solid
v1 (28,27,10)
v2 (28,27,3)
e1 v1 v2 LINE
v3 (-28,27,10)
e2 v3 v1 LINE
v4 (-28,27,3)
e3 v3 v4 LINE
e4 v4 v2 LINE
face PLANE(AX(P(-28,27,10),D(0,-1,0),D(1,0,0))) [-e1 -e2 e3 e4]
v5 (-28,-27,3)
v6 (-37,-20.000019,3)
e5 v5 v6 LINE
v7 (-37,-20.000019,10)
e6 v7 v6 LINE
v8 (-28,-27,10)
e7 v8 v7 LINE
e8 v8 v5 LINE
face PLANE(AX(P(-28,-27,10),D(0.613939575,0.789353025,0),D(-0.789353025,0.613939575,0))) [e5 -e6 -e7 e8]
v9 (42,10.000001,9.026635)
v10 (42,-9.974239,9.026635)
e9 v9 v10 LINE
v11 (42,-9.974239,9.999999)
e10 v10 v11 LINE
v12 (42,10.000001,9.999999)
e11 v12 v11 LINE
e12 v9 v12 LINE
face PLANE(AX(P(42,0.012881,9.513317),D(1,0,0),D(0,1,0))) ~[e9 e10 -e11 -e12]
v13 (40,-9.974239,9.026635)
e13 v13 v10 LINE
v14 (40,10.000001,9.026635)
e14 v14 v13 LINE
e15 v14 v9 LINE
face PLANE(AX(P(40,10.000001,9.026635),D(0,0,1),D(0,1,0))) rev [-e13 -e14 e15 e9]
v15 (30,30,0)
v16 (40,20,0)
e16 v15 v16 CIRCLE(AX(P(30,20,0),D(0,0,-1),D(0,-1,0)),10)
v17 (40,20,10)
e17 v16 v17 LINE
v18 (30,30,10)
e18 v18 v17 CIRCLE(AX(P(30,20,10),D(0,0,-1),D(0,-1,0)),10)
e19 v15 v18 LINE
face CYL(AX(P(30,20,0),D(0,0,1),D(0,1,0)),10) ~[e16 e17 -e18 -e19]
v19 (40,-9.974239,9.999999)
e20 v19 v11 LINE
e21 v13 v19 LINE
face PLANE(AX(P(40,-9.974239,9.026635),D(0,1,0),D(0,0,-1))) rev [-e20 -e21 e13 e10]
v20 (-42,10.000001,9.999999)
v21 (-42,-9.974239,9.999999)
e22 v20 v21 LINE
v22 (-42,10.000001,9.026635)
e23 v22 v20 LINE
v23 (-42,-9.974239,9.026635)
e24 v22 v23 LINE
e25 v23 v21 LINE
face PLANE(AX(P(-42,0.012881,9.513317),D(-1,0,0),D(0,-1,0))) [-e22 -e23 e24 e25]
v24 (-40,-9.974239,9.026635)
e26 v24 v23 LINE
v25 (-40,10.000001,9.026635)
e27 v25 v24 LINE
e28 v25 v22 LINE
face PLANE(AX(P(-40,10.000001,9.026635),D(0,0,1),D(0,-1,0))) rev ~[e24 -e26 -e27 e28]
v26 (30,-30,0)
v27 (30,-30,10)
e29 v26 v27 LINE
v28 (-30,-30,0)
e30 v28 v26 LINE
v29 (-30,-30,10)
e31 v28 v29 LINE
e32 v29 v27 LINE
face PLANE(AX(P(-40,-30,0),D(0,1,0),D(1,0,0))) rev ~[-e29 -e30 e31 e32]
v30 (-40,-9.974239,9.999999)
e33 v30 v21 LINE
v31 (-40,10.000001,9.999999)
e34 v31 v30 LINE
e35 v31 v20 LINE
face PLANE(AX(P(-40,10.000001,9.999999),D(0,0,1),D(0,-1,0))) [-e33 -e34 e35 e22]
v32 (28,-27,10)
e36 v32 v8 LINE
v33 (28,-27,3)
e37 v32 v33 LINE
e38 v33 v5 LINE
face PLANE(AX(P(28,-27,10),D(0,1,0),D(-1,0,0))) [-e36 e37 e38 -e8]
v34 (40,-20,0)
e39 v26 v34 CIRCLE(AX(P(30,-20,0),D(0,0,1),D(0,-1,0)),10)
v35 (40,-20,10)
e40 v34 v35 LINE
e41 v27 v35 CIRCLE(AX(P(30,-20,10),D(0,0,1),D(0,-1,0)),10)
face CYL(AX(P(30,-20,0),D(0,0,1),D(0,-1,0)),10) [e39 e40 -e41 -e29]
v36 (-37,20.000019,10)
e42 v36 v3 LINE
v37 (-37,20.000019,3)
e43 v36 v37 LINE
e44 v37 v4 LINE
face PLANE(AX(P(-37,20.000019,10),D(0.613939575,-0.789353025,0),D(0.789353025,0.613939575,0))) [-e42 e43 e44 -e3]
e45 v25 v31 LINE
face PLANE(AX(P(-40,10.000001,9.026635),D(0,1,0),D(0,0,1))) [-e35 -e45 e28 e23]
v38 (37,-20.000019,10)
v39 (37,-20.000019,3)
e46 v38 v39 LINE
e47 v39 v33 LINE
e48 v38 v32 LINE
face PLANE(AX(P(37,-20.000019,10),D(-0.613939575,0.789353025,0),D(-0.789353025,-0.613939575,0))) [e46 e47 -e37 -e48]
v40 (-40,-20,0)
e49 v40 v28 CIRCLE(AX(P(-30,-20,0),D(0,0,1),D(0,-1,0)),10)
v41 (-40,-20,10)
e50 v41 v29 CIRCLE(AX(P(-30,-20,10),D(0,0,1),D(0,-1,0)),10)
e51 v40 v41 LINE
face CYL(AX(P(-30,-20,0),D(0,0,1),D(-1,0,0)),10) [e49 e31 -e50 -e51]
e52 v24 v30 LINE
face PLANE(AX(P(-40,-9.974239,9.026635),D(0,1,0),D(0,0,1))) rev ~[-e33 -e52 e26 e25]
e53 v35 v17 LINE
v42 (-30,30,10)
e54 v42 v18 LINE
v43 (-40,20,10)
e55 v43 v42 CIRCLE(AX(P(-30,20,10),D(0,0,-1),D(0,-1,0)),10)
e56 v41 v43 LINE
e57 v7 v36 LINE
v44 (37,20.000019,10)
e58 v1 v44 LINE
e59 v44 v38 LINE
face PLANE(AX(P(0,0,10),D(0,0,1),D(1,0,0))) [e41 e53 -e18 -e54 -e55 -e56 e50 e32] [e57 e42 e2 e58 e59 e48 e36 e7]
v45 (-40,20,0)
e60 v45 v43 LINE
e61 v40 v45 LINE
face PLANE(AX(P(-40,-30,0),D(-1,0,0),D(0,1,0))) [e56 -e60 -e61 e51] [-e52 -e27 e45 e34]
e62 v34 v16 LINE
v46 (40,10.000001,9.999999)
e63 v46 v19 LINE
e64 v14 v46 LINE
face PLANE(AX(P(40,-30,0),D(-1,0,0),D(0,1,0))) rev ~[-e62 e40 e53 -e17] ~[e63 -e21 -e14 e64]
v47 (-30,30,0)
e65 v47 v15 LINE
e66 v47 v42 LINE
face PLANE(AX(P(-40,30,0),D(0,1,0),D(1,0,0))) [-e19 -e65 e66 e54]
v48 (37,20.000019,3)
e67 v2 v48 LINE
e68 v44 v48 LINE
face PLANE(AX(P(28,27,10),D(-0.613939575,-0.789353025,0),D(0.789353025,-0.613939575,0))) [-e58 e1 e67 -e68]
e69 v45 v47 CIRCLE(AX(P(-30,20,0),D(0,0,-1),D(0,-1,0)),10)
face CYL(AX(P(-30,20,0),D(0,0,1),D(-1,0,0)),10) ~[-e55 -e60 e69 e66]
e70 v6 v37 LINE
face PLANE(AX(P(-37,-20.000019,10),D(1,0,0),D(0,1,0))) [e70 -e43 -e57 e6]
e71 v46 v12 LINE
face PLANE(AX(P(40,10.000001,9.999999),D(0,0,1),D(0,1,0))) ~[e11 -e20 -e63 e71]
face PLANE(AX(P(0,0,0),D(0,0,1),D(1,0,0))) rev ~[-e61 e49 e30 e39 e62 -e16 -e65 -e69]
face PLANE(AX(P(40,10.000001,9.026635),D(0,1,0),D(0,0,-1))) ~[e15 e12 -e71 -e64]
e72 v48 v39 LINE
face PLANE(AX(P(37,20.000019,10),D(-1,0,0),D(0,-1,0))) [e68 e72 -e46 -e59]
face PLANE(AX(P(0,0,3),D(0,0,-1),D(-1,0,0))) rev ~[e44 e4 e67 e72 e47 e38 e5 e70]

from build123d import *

# Parameters (mm, degrees)
SKETCH_W     = 80
SKETCH_H     = 60
PAD_DEPTH    = 10
POCKET_DEPTH = 7
FILLET001_R  = 10
SKETCH003_W  = 19.974239
SKETCH003_H  = 0.973365
PAD001_DEPTH = 2


with BuildPart() as part:
    # Sketch → Pad (new body)
    with BuildSketch(Plane.XY):
        Rectangle(SKETCH_W, SKETCH_H)
    extrude(amount=PAD_DEPTH)

    # Sketch002 (on Face6 of Pad) → Pocket (cut)
    with BuildSketch(Plane.XY.offset(10)):
        Polygon((-28, 27), (28, 27), (37, 20.000019), (37, -20.000019), (28, -27), (-28, -27), (-37, -20.000019), (-37, 20.000019), align=None)
    extrude(amount=-POCKET_DEPTH, mode=Mode.SUBTRACT)

    # Fillet001
    fillet001_edges = [part.edges().sort_by_distance(p)[0] for p in [
        (-40, 30, 5),
        (40, 30, 5),
        (40, -30, 5),
        (-40, -30, 5),
    ]]
    fillet(fillet001_edges, radius=FILLET001_R)

    # Sketch003 (on Face6 of Fillet001) → Pad001 (join)
    with BuildSketch(Plane(origin=(-40, 0, 0), x_dir=(0, -1, 0), z_dir=(-1, 0, 0))):
        with Locations((-0.012881, 9.513317)):
            Rectangle(SKETCH003_W, SKETCH003_H)
    pad001 = extrude(amount=PAD001_DEPTH)

    # Mirrored: Pad001 across YZ
    add(pad001.mirror(Plane.YZ))


solid = part.part
